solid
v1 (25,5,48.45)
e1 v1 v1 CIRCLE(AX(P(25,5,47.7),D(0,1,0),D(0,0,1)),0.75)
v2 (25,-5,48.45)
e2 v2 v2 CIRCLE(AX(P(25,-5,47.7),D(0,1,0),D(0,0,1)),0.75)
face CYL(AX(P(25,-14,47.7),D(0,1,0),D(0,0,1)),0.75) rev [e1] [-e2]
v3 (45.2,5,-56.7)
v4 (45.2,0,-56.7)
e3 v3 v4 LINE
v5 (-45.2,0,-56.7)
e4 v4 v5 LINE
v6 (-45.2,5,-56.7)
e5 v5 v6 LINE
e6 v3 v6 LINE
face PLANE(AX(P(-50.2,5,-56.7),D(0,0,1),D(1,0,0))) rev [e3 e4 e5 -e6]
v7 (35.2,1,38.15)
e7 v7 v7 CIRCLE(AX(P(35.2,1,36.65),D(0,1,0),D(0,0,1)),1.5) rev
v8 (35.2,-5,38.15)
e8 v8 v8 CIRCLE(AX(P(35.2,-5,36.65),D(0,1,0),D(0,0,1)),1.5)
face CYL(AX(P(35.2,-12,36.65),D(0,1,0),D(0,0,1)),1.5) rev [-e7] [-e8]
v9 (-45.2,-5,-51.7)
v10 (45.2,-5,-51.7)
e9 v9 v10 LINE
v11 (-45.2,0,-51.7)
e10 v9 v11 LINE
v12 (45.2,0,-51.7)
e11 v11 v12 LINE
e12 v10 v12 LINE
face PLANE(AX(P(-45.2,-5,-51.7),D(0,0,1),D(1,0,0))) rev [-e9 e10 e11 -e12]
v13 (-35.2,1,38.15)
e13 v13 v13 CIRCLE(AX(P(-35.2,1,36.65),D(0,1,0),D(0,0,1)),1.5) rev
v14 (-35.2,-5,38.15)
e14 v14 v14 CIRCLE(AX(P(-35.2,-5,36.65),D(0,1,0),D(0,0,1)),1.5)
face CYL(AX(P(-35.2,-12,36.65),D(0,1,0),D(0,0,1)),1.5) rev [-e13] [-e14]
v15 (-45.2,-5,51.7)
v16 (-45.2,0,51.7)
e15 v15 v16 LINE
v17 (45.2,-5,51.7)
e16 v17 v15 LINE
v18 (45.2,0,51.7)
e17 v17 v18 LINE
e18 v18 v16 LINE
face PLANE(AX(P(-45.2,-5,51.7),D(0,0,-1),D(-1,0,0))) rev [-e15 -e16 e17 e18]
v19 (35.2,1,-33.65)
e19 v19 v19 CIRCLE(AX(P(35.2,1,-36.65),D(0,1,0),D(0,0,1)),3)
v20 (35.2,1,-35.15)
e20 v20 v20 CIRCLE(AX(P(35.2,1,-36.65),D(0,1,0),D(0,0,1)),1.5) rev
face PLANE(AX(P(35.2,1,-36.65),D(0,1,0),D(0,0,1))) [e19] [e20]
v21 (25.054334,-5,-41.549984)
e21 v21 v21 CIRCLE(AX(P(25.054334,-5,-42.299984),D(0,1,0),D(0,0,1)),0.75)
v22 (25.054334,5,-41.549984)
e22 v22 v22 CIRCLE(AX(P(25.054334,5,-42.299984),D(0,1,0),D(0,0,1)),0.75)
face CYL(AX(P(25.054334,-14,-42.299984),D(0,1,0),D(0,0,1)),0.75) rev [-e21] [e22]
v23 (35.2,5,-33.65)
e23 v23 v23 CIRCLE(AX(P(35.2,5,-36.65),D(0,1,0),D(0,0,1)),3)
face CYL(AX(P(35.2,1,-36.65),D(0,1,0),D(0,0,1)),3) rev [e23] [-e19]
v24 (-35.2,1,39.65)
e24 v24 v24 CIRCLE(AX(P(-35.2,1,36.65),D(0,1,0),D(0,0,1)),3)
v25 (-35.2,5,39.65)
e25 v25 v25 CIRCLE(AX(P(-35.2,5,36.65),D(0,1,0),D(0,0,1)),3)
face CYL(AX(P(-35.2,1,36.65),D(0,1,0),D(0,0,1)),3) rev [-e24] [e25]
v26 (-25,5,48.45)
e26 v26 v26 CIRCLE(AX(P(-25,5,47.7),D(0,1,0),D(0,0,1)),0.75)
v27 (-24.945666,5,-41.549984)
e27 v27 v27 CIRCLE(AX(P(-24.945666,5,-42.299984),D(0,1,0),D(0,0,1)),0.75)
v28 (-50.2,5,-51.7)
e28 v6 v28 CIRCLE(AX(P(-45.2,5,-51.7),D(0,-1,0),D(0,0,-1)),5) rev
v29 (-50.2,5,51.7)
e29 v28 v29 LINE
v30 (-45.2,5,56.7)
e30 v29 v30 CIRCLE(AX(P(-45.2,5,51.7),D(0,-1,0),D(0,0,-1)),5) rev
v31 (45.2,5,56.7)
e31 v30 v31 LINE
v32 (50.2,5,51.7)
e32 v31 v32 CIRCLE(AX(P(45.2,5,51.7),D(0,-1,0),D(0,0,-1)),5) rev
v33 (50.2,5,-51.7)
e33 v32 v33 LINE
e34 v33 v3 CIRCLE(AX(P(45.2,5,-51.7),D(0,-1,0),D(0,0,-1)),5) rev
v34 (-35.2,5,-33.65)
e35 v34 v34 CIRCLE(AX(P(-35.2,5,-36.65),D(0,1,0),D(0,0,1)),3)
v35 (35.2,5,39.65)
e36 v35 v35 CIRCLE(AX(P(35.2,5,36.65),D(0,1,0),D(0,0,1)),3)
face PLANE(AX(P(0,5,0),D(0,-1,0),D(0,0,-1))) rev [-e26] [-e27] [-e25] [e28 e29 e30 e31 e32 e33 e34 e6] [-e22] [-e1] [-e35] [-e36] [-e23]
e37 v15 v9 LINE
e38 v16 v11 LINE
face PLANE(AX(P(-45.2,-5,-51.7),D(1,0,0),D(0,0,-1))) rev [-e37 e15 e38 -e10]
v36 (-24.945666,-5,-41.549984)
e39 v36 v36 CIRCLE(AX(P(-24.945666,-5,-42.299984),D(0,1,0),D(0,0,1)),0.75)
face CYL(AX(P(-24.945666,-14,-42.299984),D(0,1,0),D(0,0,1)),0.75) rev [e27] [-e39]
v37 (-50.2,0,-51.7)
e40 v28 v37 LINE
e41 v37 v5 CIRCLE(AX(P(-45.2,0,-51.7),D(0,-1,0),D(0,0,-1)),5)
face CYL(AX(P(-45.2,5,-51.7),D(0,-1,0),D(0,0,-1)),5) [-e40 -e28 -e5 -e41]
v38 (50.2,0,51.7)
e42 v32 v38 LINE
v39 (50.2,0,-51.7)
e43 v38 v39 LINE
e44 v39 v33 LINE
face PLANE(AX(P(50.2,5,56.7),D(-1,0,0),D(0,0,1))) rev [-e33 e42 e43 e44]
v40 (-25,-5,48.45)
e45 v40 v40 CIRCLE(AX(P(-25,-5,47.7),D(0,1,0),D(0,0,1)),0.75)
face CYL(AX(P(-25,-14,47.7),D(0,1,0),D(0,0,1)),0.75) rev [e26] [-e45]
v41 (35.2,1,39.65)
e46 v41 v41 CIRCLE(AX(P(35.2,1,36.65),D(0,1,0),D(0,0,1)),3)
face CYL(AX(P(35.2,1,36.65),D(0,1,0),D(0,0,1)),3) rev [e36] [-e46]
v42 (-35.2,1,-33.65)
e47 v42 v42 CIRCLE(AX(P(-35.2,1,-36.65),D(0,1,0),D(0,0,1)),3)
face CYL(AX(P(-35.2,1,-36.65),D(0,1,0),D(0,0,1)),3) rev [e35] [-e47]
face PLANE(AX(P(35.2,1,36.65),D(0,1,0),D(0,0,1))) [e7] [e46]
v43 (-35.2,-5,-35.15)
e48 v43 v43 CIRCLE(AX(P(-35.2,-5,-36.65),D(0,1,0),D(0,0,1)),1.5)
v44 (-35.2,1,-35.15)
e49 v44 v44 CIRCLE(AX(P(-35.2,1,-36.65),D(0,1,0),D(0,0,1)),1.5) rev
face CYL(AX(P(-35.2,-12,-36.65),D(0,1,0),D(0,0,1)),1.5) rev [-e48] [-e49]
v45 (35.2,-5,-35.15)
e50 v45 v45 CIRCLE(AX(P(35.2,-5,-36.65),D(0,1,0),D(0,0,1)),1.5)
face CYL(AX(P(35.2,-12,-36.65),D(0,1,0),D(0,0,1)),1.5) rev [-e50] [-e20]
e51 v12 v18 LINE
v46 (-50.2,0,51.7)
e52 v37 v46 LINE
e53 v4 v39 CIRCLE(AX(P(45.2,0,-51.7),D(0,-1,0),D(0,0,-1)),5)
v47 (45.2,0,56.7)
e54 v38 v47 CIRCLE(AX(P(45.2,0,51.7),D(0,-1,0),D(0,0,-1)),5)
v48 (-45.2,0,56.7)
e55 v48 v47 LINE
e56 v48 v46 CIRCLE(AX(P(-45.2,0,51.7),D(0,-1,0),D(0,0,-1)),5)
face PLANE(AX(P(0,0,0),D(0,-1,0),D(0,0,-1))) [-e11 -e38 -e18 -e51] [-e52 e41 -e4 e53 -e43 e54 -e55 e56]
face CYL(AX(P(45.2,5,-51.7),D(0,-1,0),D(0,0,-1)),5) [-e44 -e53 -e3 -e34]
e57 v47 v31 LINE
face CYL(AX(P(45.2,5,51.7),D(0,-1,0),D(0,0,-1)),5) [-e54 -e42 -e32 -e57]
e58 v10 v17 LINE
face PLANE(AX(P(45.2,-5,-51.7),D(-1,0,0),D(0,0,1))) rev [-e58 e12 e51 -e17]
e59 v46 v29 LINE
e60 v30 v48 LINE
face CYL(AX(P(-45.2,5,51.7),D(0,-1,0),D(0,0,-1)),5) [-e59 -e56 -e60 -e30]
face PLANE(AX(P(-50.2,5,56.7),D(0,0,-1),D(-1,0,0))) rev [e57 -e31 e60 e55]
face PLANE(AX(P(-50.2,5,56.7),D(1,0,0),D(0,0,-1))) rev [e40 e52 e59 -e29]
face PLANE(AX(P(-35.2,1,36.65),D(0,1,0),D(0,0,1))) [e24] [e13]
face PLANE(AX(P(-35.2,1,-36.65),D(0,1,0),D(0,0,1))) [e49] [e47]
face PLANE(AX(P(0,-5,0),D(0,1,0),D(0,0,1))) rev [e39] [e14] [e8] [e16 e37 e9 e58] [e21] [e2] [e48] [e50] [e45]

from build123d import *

# Parameters (mm, degrees)
SKETCH1_W           = 100.4
SKETCH1_H           = 113.4
BOSS_EXTRUDE1_DEPTH = 5
SKETCH2_W           = 90.4
SKETCH2_H           = 103.4
BOSS_EXTRUDE2_DEPTH = 5
FILLET1_R           = 5
SKETCH3_R           = 1.5
CUT_EXTRUDE1_DEPTH  = 17
SKETCH4_R           = 3
CUT_EXTRUDE2_DEPTH  = 4
SKETCH5_R           = 0.75
CUT_EXTRUDE3_DEPTH  = 19


with BuildPart() as part:
    # Sketch1 → Boss-Extrude1 (new body)
    with BuildSketch(Plane(origin=(0, 0, 0), x_dir=(1, 0, 0), z_dir=(0, 1, 0))):
        Rectangle(SKETCH1_W, SKETCH1_H)
    extrude(amount=BOSS_EXTRUDE1_DEPTH)

    # Sketch2 → Boss-Extrude2 (add)
    with BuildSketch(Plane.XZ):
        Rectangle(SKETCH2_W, SKETCH2_H)
    extrude(amount=BOSS_EXTRUDE2_DEPTH)

    # Fillet1
    fillet1_edges = [part.edges().sort_by_distance(p)[0] for p in [
        (50.2, 2.5, 56.7),
        (-50.2, 2.5, 56.7),
        (-50.2, 2.5, -56.7),
        (50.2, 2.5, -56.7),
    ]]
    fillet(fillet1_edges, radius=FILLET1_R)

    # Sketch3 → Cut-Extrude1 (cut)
    with BuildSketch(Plane(origin=(0, 5, 0), x_dir=(1, 0, 0), z_dir=(0, 1, 0))):
        with Locations((-35.2, 36.65)):
            Circle(SKETCH3_R)
        with Locations((-35.2, -36.65)):
            Circle(SKETCH3_R)
        with Locations((35.2, 36.65)):
            Circle(SKETCH3_R)
        with Locations((35.2, -36.65)):
            Circle(SKETCH3_R)
    extrude(amount=-CUT_EXTRUDE1_DEPTH, mode=Mode.SUBTRACT)

    # Sketch4 → Cut-Extrude2 (cut)
    with BuildSketch(Plane(origin=(0, 5, 0), x_dir=(1, 0, 0), z_dir=(0, 1, 0))):
        with Locations((-35.2, 36.65)):
            Circle(SKETCH4_R)
        with Locations((-35.2, -36.65)):
            Circle(SKETCH4_R)
        with Locations((35.2, 36.65)):
            Circle(SKETCH4_R)
        with Locations((35.2, -36.65)):
            Circle(SKETCH4_R)
    extrude(amount=-CUT_EXTRUDE2_DEPTH, mode=Mode.SUBTRACT)

    # Sketch5 → Cut-Extrude3 (cut)
    with BuildSketch(Plane(origin=(0, 5, 0), x_dir=(1, 0, 0), z_dir=(0, 1, 0))):
        with Locations((-24.945666125, 42.299983599)):
            Circle(SKETCH5_R)
        with Locations((-25, -47.7)):
            Circle(SKETCH5_R)
        with Locations((25.054333875, 42.299983599)):
            Circle(SKETCH5_R)
        with Locations((25, -47.7)):
            Circle(SKETCH5_R)
    extrude(amount=-CUT_EXTRUDE3_DEPTH, mode=Mode.SUBTRACT)


solid = part.part
